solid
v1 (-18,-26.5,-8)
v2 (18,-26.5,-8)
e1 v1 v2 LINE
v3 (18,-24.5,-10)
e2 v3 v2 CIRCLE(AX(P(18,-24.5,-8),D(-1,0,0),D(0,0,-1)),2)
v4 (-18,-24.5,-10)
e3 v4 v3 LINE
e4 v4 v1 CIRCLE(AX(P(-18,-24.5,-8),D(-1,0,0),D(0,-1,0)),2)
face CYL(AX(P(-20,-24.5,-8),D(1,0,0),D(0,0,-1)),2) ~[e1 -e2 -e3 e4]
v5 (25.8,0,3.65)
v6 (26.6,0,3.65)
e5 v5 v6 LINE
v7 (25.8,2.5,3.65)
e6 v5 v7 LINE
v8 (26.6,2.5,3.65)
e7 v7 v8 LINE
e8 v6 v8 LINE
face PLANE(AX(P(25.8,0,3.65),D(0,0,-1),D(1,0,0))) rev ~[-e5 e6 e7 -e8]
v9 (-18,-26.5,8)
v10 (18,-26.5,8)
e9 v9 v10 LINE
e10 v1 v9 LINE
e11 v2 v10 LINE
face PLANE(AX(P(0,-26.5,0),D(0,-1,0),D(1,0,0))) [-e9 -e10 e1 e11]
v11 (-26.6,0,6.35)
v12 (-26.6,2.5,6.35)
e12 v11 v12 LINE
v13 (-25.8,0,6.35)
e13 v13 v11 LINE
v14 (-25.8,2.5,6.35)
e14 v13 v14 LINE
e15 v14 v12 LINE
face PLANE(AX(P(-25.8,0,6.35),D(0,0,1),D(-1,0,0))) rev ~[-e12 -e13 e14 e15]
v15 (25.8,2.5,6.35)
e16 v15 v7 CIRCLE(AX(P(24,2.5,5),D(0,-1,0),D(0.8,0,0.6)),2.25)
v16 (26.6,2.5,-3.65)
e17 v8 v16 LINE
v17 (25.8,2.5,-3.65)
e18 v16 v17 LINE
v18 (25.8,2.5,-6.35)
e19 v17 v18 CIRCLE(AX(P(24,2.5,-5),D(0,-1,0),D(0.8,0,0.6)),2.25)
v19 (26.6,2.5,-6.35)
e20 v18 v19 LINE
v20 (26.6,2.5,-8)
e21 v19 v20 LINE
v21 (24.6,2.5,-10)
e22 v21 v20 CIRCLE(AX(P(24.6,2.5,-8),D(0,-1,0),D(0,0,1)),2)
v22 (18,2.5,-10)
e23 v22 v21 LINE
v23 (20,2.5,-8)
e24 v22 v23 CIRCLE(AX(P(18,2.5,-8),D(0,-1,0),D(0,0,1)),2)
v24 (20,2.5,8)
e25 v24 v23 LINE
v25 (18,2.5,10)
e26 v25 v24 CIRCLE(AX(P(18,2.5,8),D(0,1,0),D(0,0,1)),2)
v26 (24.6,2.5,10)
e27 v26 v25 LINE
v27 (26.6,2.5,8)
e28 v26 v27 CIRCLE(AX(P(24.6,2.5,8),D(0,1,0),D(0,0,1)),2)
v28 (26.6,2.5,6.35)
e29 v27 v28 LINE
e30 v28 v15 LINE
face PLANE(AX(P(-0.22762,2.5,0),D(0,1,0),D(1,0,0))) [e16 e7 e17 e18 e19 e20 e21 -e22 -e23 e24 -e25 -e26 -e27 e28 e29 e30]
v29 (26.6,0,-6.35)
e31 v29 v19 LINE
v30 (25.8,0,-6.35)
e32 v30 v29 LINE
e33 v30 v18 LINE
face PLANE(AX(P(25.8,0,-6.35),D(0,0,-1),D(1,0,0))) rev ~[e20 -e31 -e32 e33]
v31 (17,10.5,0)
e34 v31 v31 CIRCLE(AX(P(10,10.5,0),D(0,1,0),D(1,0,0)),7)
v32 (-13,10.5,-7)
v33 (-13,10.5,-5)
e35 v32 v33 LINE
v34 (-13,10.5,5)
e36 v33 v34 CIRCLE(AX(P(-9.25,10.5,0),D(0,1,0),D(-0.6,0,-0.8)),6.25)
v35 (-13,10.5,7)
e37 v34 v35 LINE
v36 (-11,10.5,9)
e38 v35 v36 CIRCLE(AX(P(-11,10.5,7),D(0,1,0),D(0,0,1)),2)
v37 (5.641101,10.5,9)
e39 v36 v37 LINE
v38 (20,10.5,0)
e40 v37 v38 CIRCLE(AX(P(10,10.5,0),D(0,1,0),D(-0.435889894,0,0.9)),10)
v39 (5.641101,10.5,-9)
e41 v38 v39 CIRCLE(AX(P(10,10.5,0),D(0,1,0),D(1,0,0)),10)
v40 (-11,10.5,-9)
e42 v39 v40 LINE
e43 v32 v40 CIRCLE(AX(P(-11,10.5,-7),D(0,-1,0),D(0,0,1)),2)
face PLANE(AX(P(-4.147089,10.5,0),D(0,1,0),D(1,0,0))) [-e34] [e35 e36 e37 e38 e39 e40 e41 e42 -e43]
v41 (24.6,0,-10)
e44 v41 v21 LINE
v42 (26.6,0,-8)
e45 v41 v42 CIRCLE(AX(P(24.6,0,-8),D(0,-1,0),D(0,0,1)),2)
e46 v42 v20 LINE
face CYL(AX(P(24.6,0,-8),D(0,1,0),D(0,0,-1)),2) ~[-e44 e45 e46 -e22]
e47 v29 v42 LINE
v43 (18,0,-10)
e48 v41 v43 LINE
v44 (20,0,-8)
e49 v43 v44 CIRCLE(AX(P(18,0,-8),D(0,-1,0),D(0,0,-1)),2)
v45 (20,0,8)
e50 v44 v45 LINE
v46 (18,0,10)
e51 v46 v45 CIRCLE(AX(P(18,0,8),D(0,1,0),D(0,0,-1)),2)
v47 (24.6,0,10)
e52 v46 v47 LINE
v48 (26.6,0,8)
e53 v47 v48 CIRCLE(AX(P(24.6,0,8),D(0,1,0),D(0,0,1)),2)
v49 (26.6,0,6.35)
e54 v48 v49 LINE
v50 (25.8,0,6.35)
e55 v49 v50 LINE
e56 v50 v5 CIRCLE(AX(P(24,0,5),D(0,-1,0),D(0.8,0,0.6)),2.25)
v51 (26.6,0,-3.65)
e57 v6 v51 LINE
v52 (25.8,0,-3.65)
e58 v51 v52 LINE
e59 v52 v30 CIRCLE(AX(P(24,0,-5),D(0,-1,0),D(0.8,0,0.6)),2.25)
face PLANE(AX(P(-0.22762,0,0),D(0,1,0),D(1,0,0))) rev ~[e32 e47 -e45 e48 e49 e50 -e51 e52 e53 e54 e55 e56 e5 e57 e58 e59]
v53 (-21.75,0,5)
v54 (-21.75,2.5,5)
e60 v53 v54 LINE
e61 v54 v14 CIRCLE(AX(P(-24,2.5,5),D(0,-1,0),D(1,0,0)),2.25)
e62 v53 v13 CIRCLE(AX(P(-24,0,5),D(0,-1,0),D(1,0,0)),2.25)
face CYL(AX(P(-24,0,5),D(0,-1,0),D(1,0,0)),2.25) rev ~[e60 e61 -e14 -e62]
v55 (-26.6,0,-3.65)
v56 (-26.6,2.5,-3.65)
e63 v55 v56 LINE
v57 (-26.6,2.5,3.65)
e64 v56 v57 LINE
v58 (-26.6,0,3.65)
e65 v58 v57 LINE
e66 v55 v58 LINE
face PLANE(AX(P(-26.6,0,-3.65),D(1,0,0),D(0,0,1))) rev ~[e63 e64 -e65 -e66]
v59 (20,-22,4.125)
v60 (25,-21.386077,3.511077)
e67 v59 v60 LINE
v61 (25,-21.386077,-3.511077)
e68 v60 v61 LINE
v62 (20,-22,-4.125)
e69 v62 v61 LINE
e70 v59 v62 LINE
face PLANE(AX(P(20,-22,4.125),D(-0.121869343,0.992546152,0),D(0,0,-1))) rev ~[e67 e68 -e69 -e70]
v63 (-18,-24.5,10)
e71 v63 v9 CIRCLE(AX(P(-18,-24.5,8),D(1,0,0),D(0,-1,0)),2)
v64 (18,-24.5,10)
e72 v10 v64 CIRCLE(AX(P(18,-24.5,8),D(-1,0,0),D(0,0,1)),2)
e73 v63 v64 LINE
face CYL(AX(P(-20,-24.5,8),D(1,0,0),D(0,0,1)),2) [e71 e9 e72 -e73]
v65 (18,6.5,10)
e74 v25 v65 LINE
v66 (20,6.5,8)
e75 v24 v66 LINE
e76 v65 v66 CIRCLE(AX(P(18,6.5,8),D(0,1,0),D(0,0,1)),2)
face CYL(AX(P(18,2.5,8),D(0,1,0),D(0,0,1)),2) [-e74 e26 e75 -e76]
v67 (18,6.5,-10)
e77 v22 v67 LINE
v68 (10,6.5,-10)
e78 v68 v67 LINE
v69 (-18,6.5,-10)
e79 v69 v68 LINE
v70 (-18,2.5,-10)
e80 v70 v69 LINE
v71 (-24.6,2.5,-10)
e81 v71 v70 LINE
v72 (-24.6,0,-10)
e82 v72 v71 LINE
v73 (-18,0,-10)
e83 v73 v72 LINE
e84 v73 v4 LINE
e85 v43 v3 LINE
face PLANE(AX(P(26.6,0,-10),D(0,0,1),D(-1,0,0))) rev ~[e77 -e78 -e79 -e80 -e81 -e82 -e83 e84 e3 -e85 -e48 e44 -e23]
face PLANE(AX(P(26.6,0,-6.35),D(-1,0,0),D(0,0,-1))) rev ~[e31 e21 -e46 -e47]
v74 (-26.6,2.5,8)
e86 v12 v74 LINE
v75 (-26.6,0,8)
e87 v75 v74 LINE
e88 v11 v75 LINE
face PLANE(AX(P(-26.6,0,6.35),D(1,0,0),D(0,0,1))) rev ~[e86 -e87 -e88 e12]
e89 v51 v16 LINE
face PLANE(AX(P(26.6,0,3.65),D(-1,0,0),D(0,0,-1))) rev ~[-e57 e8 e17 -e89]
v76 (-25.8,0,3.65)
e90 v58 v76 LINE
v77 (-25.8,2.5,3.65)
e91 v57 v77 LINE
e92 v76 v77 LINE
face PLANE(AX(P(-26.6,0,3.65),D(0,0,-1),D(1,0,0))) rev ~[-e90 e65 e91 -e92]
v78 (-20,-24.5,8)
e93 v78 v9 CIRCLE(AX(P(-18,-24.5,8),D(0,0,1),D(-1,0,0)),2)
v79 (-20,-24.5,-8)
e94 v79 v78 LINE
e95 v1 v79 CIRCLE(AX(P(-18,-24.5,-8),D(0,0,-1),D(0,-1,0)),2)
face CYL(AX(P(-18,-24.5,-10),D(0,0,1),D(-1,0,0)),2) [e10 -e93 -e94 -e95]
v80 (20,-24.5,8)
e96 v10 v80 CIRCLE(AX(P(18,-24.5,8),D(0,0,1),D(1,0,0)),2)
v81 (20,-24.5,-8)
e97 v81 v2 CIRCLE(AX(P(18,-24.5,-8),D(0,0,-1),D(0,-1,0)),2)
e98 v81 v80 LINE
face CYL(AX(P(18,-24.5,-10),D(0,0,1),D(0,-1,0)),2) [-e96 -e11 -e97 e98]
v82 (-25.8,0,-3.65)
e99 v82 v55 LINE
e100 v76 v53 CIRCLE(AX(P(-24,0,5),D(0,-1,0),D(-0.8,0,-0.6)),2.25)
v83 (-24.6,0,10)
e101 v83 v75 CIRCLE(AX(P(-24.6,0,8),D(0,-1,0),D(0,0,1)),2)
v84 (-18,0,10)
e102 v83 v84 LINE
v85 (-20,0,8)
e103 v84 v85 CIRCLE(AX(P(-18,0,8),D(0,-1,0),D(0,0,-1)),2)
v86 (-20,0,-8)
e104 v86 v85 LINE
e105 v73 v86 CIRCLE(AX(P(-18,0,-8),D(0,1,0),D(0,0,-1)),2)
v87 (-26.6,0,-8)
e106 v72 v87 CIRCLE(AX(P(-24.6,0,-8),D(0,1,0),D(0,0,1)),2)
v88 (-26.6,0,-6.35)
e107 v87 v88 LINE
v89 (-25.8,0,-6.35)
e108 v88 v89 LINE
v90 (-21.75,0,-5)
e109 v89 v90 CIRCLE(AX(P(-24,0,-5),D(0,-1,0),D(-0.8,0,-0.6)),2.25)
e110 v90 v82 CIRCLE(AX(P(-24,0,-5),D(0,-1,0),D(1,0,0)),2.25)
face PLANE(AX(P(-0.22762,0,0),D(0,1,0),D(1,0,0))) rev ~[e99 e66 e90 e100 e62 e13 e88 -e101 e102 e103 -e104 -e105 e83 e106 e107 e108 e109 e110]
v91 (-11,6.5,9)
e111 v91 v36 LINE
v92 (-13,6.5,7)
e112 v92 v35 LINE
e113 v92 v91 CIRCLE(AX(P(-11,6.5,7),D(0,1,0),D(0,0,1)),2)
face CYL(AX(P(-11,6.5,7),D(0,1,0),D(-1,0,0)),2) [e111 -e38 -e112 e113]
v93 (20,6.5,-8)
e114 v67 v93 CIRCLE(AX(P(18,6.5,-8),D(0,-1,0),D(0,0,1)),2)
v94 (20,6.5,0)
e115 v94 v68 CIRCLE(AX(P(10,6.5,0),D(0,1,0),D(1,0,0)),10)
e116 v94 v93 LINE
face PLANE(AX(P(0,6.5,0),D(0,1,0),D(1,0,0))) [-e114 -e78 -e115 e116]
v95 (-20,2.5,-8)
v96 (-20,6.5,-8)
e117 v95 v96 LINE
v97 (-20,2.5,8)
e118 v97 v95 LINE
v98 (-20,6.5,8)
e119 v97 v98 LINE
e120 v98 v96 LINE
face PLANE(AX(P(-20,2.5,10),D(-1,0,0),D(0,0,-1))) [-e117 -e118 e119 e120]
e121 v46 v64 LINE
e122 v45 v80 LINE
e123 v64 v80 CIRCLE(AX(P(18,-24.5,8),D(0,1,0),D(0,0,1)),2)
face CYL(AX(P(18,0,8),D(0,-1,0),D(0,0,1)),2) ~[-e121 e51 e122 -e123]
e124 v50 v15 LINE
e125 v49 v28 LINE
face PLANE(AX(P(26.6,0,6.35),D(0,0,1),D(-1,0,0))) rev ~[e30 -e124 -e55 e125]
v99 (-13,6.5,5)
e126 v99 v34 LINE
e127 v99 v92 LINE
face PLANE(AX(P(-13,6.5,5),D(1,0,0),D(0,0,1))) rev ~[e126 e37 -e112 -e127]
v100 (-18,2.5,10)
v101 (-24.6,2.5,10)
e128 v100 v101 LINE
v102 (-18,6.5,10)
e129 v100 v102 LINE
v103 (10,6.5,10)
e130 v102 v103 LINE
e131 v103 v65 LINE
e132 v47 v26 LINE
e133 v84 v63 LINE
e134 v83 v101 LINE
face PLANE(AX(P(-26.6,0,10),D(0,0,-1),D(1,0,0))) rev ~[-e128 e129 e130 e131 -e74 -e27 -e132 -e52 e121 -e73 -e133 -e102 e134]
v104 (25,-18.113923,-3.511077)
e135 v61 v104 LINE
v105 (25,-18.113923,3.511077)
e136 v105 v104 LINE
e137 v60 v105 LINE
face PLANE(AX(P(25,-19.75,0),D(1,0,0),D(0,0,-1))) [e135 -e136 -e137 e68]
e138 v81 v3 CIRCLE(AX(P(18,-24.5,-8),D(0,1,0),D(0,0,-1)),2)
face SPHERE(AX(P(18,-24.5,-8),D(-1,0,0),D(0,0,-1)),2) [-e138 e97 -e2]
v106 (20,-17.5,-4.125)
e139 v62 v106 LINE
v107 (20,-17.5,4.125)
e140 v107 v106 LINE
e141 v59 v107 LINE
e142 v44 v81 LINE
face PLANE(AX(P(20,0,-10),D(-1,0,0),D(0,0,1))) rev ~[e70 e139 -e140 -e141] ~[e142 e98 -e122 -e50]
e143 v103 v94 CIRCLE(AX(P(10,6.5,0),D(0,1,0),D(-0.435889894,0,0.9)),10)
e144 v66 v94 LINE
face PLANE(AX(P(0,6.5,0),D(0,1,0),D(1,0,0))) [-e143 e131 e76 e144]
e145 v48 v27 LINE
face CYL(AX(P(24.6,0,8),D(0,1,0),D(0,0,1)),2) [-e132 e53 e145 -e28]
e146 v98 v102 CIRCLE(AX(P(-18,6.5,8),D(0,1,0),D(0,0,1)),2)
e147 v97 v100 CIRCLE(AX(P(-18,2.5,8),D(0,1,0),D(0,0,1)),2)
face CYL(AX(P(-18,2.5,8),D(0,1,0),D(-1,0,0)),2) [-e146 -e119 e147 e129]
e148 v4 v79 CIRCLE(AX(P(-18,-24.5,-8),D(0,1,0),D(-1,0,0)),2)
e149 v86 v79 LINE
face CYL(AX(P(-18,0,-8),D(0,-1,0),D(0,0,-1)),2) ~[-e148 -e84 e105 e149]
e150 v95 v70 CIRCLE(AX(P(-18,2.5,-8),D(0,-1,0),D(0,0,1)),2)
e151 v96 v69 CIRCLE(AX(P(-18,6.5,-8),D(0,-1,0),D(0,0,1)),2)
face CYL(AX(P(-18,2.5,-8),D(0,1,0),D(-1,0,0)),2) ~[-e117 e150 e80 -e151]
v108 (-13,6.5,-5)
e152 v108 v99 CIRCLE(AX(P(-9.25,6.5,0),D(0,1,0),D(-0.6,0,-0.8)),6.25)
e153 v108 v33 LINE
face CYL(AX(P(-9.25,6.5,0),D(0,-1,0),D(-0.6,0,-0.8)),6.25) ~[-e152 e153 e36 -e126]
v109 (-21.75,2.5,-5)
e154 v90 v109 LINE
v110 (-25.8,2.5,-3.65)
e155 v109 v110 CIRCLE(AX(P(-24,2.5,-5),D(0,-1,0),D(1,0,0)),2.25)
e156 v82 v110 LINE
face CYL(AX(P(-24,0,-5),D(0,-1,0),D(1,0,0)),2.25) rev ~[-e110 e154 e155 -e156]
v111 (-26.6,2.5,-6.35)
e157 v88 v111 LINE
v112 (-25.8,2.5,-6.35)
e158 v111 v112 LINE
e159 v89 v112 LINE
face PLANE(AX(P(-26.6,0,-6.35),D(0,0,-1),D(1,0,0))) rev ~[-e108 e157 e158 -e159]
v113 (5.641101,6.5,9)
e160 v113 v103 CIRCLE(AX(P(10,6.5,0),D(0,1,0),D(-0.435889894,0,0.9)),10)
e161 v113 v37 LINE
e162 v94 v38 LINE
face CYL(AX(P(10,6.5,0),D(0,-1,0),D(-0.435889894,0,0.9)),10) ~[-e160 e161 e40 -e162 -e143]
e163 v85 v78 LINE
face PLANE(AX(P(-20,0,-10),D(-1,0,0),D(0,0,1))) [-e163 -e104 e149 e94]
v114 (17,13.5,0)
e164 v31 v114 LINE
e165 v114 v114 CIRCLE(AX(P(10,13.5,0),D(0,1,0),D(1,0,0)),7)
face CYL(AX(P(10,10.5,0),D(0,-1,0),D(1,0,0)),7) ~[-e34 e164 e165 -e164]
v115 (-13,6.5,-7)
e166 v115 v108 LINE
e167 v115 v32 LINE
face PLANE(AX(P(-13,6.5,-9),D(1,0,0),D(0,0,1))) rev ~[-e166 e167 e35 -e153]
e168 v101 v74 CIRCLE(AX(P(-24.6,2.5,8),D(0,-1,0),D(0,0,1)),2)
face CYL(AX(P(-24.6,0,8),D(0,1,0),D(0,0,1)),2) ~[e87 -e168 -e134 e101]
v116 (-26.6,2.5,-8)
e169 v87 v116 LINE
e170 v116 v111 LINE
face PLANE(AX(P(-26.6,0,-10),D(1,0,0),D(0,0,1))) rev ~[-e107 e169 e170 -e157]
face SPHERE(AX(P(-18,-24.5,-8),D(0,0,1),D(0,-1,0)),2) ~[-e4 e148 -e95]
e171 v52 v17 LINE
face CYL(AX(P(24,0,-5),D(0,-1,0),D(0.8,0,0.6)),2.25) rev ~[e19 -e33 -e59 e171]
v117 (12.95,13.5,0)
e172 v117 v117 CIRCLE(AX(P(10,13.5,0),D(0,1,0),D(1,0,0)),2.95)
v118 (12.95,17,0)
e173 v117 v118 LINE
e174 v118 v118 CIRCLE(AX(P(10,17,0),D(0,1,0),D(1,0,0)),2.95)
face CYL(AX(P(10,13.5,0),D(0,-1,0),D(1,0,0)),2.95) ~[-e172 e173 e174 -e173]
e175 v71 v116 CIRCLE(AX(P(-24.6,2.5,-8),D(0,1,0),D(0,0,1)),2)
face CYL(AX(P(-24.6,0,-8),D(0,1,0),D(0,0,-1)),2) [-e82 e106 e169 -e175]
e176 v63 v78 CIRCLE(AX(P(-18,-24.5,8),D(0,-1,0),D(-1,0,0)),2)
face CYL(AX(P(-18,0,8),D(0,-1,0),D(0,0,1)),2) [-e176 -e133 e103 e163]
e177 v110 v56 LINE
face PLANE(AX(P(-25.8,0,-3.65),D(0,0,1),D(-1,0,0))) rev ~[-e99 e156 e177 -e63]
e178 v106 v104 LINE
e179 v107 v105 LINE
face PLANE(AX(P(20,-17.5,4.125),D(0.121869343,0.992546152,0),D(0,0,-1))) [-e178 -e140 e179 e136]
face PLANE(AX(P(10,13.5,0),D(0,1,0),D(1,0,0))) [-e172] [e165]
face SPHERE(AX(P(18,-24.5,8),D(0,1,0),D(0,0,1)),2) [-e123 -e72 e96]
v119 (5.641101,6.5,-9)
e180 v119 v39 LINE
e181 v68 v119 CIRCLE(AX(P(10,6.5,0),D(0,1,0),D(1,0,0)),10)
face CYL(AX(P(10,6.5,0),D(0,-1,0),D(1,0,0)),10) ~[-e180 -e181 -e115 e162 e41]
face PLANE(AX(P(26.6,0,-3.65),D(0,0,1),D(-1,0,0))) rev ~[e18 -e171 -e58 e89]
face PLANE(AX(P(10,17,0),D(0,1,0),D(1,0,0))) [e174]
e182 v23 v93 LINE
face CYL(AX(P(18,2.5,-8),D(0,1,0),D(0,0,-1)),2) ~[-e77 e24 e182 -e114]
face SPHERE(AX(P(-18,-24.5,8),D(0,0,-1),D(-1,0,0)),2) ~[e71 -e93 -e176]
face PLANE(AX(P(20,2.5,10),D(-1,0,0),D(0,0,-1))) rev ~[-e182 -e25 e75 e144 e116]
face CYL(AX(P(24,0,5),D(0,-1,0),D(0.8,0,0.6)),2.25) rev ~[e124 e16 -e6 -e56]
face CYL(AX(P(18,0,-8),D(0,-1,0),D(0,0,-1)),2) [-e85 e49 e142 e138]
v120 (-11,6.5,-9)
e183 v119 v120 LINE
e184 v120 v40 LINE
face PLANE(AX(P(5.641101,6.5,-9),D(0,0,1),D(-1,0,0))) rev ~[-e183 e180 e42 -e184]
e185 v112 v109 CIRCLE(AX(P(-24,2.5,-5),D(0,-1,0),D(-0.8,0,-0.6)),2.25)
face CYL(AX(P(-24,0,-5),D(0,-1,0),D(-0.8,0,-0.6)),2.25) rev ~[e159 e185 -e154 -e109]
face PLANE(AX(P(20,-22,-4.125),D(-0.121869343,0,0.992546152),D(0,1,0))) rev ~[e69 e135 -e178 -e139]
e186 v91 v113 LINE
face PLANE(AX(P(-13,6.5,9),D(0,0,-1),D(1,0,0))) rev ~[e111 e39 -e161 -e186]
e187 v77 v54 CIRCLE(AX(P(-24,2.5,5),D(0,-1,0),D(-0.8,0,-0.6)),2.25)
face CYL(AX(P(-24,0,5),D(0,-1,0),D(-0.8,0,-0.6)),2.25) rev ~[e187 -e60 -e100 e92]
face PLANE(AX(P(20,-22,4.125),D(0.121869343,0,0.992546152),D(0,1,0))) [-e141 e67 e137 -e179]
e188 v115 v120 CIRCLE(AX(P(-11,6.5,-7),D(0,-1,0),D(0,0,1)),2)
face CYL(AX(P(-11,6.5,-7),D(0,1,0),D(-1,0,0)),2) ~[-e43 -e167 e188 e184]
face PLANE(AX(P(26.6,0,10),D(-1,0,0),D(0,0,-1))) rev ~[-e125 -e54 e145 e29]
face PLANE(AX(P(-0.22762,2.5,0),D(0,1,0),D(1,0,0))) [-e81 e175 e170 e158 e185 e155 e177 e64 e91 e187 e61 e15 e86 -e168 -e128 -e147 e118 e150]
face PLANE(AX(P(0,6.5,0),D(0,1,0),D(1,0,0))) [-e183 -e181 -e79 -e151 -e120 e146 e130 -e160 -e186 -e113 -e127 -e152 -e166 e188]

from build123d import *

# Parameters (mm, degrees)
BOSS_EXTRUDE1_DEPTH = 2.5
SKETCH2_W           = 40
SKETCH2_H           = 20
BOSS_EXTRUDE2_DEPTH = 4
SKETCH3_W           = 40
SKETCH3_H           = 20
BOSS_EXTRUDE3_DEPTH = 26.5
BOSS_EXTRUDE4_DEPTH = 4
SKETCH5_R           = 7
BOSS_EXTRUDE5_DEPTH = 3
SKETCH6_R           = 2.95
BOSS_EXTRUDE6_DEPTH = 3.5
FILLET1_R           = 2
SKETCH7_W           = 8.25
SKETCH7_H           = 4.5
BOSS_EXTRUDE7_DEPTH = 5
DRAFT3_ANGLE        = 7


with BuildPart() as part:
    # Sketch1 → Boss-Extrude1 (new body)
    with BuildSketch(Plane(origin=(0, 0, 0), x_dir=(1, 0, 0), z_dir=(0, 1, 0))):
        with BuildLine():
            ThreePointArc((25.8, 3.65), (21.75, 5), (25.8, 6.35))
            Line((25.8, 6.35), (26.6, 6.35))
            Line((26.6, 6.35), (26.6, 10))
            Line((26.6, 10), (-26.6, 10))
            Line((-26.6, 10), (-26.6, 6.35))
            Line((-26.6, 6.35), (-25.8, 6.35))
            ThreePointArc((-25.8, 6.35), (-23.288487526, 7.134537421), (-21.75, 5))
            ThreePointArc((-21.75, 5), (-23.288487526, 2.865462579), (-25.8, 3.65))
            Line((-25.8, 3.65), (-26.6, 3.65))
            Line((-26.6, 3.65), (-26.6, -3.65))
            Line((-26.6, -3.65), (-25.8, -3.65))
            ThreePointArc((-25.8, -3.65), (-23.288487526, -2.865462579), (-21.75, -5))
            ThreePointArc((-21.75, -5), (-23.288487526, -7.134537421), (-25.8, -6.35))
            Line((-25.8, -6.35), (-26.6, -6.35))
            Line((-26.6, -6.35), (-26.6, -10))
            Line((-26.6, -10), (26.6, -10))
            Line((26.6, -10), (26.6, -6.35))
            Line((26.6, -6.35), (25.8, -6.35))
            ThreePointArc((25.8, -6.35), (21.75, -5), (25.8, -3.65))
            Line((25.8, -3.65), (26.6, -3.65))
            Line((26.6, -3.65), (26.6, 3.65))
            Line((26.6, 3.65), (25.8, 3.65))
        make_face()
    extrude(amount=BOSS_EXTRUDE1_DEPTH)

    # Sketch2 → Boss-Extrude2 (add)
    with BuildSketch(Plane(origin=(0, 2.5, 0), x_dir=(1, 0, 0), z_dir=(0, 1, 0))):
        Rectangle(SKETCH2_W, SKETCH2_H)
    extrude(amount=BOSS_EXTRUDE2_DEPTH)

    # Sketch3 → Boss-Extrude3 (add)
    with BuildSketch(Plane.XZ):
        Rectangle(SKETCH3_W, SKETCH3_H)
    extrude(amount=BOSS_EXTRUDE3_DEPTH)

    # Sketch4 → Boss-Extrude4 (add)
    with BuildSketch(Plane(origin=(0, 6.5, 0), x_dir=(1, 0, 0), z_dir=(0, 1, 0))):
        with BuildLine():
            ThreePointArc((5.641101056, -9), (0, 0), (5.641101056, 9))
            Line((5.641101056, 9), (-13, 9))
            Line((-13, 9), (-13, 5))
            Line((-13, 5), (-13, -5))
            Line((-13, -5), (-13, -9))
            Line((-13, -9), (5.641101056, -9))
        make_face()
        with BuildLine():
            ThreePointArc((20, 0), (15.310885546, 8.473163206), (5.641101056, 9))
            Line((5.641101056, 9), (5.641101056, -9))
            ThreePointArc((5.641101056, -9), (15.310885546, -8.473163206), (20, 0))
        make_face()
        with BuildLine():
            Line((5.641101056, -9), (5.641101056, 9))
            ThreePointArc((5.641101056, 9), (0, 0), (5.641101056, -9))
        make_face()
        with BuildLine():
            Line((-13, -5), (-13, 5))
            ThreePointArc((-13, 5), (-15.5, 0), (-13, -5))
        make_face()
    extrude(amount=BOSS_EXTRUDE4_DEPTH)

    # Sketch5 → Boss-Extrude5 (add)
    with BuildSketch(Plane(origin=(0, 10.5, 0), x_dir=(1, 0, 0), z_dir=(0, 1, 0))):
        with Locations((10, 0)):
            Circle(SKETCH5_R)
    extrude(amount=BOSS_EXTRUDE5_DEPTH)

    # Sketch6 → Boss-Extrude6 (add)
    with BuildSketch(Plane(origin=(0, 13.5, 0), x_dir=(1, 0, 0), z_dir=(0, 1, 0))):
        with Locations((10, 0)):
            Circle(SKETCH6_R)
    extrude(amount=BOSS_EXTRUDE6_DEPTH)

    # Fillet1
    fillet1_edges = [part.edges().sort_by_distance(p)[0] for p in [
        (-26.6, 1.25, -10),
        (26.6, 1.25, -10),
        (26.6, 1.25, 10),
        (-26.6, 1.25, 10),
        (-20, 4.5, -10),
        (-20, 4.5, 10),
        (20, 4.5, 10),
        (20, 4.5, -10),
        (20, -13.25, 10),
        (-20, -26.5, 0),
        (-20, -13.25, 10),
        (0, -26.5, -10),
        (-20, -13.25, -10),
        (20, -13.25, -10),
        (0, -26.5, 10),
        (20, -26.5, 0),
        (-13, 8.5, 9),
        (-13, 8.5, -9),
    ]]
    fillet(fillet1_edges, radius=FILLET1_R)

    # Sketch7 → Boss-Extrude7 (add)
    with BuildSketch(Plane(origin=(20, 0, 0), x_dir=(0, 0, -1), z_dir=(1, 0, 0))):
        with Locations((0, -19.75000011)):
            Rectangle(SKETCH7_W, SKETCH7_H)
    extrude(amount=BOSS_EXTRUDE7_DEPTH)

    # Draft3
    draft3_faces = [part.faces().sort_by_distance(p)[0] for p in [
        (22.5, -22.00000011, 0),
        (22.5, -19.75000011, 4.125),
        (22.5, -19.75000011, -4.125),
        (22.5, -17.50000011, 0),
    ]]
    draft(draft3_faces, Plane(origin=(20, -26.5, -10), x_dir=(0, 0, 1), z_dir=(1, 0, 0)), DRAFT3_ANGLE)


solid = part.part
